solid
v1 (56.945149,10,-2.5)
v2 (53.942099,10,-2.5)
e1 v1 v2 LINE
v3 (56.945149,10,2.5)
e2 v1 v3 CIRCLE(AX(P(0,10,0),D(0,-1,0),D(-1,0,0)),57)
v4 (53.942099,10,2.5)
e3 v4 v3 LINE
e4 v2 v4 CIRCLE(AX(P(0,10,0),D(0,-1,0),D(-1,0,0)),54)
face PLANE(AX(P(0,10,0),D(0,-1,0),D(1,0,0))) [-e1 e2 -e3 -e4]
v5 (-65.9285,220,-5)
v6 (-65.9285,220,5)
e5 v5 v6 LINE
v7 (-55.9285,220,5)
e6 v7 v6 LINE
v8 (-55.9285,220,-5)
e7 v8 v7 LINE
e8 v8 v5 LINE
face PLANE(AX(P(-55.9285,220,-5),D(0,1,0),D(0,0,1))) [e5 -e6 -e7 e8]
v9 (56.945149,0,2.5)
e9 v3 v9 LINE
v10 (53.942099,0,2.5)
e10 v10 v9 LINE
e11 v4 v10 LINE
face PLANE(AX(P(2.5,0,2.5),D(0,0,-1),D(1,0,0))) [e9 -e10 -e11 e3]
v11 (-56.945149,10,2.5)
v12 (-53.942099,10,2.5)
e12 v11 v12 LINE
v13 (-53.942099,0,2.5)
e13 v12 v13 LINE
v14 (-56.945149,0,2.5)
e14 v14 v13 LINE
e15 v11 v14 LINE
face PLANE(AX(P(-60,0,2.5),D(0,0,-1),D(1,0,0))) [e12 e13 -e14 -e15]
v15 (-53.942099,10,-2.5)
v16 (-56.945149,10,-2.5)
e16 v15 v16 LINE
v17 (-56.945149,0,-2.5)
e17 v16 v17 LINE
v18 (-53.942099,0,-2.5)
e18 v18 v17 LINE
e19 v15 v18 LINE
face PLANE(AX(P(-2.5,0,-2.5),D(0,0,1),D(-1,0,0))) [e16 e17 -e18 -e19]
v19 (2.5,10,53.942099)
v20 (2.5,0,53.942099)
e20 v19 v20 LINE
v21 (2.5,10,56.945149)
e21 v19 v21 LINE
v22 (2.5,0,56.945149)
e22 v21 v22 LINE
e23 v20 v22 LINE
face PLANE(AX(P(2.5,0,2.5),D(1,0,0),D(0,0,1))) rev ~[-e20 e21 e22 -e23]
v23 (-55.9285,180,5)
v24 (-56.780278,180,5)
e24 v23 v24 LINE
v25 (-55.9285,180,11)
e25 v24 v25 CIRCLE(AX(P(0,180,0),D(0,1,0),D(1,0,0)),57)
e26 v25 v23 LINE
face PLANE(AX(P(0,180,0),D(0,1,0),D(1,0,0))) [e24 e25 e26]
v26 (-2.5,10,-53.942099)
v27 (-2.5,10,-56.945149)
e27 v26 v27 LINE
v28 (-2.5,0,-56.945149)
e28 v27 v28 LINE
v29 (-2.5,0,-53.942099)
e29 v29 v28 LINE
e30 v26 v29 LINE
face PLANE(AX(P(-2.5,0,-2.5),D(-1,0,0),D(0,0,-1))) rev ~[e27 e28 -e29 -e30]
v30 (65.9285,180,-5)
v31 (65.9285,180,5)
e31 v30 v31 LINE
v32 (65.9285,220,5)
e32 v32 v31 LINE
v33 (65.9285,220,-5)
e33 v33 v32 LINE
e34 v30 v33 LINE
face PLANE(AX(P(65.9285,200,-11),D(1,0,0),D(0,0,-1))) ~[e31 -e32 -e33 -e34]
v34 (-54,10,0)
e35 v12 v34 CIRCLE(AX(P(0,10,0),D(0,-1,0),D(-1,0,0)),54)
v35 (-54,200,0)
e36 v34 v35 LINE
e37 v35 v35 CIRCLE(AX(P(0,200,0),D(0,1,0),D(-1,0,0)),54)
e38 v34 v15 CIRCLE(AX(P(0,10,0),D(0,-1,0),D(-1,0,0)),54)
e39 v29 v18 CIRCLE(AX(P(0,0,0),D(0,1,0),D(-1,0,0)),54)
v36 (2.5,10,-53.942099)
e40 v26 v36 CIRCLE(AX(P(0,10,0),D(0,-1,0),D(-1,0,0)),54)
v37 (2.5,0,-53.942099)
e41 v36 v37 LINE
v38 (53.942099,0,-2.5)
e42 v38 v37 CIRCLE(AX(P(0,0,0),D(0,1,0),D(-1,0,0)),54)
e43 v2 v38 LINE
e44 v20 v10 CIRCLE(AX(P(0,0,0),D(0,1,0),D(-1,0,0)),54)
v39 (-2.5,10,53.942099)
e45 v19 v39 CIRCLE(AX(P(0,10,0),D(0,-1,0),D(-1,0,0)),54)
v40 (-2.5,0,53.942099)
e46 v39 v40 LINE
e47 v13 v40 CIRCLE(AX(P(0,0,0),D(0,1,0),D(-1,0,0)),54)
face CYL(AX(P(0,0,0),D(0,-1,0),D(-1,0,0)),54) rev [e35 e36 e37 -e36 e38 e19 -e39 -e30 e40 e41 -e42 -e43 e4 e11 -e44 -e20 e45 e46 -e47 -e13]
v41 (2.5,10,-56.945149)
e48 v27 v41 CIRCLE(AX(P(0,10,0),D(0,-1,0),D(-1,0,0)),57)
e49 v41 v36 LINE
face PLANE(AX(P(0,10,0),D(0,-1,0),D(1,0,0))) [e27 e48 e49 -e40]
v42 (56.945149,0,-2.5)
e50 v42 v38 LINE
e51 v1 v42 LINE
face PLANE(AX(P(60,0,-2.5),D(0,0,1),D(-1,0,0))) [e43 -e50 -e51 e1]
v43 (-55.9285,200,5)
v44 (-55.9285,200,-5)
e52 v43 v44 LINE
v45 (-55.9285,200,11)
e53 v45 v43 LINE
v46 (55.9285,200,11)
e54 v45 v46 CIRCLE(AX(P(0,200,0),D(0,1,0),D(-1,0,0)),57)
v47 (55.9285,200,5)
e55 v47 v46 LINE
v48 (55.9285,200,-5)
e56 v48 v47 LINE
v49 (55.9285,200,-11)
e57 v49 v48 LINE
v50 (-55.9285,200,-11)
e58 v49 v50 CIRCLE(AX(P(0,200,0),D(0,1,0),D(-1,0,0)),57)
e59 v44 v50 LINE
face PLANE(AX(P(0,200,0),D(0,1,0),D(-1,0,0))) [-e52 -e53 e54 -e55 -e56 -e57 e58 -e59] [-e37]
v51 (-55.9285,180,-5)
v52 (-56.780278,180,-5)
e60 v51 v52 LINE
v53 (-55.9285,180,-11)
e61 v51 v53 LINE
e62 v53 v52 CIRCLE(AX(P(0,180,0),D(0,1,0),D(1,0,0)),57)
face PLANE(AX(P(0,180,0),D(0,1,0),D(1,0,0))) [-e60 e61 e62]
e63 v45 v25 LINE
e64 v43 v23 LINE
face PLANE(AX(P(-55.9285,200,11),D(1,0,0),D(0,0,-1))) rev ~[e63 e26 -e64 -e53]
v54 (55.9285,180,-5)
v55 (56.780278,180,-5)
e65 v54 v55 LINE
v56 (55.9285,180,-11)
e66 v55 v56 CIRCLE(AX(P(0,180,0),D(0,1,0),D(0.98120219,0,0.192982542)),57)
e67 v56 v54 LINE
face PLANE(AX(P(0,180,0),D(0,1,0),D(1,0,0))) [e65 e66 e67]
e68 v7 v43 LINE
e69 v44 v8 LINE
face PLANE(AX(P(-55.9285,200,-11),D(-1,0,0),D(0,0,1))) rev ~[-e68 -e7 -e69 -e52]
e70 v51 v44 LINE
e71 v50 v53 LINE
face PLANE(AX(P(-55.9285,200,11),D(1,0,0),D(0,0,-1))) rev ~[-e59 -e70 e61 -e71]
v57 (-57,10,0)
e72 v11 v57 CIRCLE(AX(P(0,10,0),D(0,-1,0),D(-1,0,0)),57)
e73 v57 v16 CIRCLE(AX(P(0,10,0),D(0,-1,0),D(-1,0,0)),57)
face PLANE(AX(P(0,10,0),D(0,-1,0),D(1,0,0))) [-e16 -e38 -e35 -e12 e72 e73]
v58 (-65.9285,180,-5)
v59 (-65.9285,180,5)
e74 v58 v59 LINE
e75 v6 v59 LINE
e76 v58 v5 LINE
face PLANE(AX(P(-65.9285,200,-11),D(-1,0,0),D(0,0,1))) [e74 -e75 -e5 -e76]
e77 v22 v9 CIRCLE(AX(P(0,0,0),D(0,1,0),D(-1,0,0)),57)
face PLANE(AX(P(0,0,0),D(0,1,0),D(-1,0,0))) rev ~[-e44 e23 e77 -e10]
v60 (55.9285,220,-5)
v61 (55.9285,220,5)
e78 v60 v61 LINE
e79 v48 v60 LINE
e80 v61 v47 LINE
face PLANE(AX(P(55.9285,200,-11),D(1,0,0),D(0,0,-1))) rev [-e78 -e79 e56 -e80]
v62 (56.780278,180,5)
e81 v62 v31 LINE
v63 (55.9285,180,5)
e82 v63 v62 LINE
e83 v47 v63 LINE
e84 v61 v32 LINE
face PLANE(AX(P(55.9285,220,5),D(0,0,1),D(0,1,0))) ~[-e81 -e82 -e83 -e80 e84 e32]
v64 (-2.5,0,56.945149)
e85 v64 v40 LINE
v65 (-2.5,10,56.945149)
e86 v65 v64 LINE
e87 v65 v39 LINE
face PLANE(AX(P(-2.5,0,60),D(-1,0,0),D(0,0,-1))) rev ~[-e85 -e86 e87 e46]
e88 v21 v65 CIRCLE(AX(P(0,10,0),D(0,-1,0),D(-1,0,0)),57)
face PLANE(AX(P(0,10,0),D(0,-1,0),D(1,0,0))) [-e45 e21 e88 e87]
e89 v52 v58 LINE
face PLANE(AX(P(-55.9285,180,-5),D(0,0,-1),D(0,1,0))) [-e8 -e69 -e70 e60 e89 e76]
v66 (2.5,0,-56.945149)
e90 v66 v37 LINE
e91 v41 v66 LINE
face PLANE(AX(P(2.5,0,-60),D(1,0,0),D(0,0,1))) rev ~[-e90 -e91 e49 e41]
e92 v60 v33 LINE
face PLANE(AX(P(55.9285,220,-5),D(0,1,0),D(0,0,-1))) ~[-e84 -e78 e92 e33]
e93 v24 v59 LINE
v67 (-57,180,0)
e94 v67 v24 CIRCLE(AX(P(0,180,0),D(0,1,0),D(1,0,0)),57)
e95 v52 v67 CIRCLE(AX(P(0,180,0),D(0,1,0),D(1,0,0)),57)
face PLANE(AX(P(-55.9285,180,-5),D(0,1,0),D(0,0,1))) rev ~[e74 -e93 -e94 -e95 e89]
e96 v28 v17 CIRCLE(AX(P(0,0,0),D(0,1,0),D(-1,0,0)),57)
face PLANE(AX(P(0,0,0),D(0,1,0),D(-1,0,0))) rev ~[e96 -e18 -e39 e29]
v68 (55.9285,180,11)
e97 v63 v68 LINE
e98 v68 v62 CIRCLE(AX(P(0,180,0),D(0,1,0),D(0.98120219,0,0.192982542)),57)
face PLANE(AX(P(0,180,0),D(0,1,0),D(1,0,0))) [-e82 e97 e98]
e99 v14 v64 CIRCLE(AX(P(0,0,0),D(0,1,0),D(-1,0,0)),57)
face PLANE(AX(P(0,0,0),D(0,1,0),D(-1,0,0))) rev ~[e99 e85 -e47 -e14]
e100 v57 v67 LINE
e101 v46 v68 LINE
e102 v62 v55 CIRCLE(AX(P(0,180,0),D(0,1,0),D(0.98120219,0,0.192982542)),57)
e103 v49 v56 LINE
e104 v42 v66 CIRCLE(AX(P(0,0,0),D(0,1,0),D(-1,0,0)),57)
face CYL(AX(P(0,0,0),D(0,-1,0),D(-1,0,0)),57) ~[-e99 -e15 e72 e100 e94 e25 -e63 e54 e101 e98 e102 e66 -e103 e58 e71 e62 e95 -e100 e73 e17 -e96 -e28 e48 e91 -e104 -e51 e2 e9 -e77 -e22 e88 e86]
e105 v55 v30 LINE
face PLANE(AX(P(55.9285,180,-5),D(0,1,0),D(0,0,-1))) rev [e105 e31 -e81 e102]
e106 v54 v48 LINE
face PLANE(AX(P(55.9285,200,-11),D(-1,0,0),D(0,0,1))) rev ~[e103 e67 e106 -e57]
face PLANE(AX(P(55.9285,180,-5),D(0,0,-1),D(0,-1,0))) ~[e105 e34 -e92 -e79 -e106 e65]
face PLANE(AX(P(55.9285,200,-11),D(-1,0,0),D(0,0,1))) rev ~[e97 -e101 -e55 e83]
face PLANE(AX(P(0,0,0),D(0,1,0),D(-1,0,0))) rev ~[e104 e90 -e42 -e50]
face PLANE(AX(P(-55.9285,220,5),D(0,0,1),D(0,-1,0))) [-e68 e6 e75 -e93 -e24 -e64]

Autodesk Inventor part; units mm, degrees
ref_plane "YZ Plane" through (0, 0, 0) normal (1, 0, 0) x (0, 1, 0)
ref_plane "XZ Plane" through (0, 0, 0) normal (0, 1, 0) x (-1, 0, 0)
ref_plane "XY Plane" through (0, 0, 0) normal (0, 0, 1) x (1, 0, 0)
sketch "Sketch1" plane through (0, 0, 0) normal (0, 1, 0) x (-1, 0, 0)
  circle A0 centre (0, 0) radius 54
  circle A1 centre (0, 0) radius 57
  dimension "d0" = 3
  dimension "d1" = 114
extrude "Extrusion1" add sketch "Sketch1" along normal blind 200
sketch "Sketch2" plane through (0, 200, 0) normal (0, 1, 0) x (1, 0, 0)
  circle A0 centre (0, 0) radius 57 projected
  line L0 (55.9285, -11) -> (-55.9285, -11)
  line L1 (-55.9285, -11) -> (-55.9285, 11)
  line L2 (-55.9285, 11) -> (55.9285, 11)
  line L3 (55.9285, 11) -> (55.9285, -11)
  line L4 (55.9285, -11) -> (-55.9285, 11) construction
  line L5 (-55.9285, -11) -> (55.9285, 11) construction
  dimension "d4" = 22
extrude "Extrusion2" cut sketch "Sketch2" against normal blind 20 contours A0 L3 | L1 A0
sketch "Sketch3" plane through (-55.9285, 200, -11) normal (-1, 0, 0) x (0, 0, 1)
  line L0 (0, -20) -> (22, -20) projected
  line L1 (16, -20) -> (6, -20)
  line L2 (6, -20) -> (6, 20)
  line L3 (6, 20) -> (16, 20)
  line L4 (16, 20) -> (16, -20)
  line L5 (0, -20) -> (0, 0) projected
  point P0 (11, -200)
  point P1 (6, 0)
  point P2 (6, -20)
  dimension "d7" = 40
  dimension "d8" = 10
  dimension "d9" = 6
extrude "Extrusion3" add sketch "Sketch3" along normal blind 10
mirror "Mirror1" about plane through (0, 0, 0) normal (1, 0, 0) of "Extrusion3"
sketch "Sketch4" plane through (0, 0, 0) normal (0, -1, 0) x (1, 0, 0)
  line L0 (-2.5, -60) -> (2.5, -60)
  line L1 (2.5, -60) -> (2.5, 60)
  line L2 (2.5, 60) -> (-2.5, 60)
  line L3 (-2.5, 60) -> (-2.5, -60)
  line L4 (-2.5, -60) -> (2.5, 60) construction
  line L5 (2.5, -60) -> (-2.5, 60) construction
  line L6 (60, -2.5) -> (-60, -2.5)
  line L7 (-60, -2.5) -> (-60, 2.5)
  line L8 (-60, 2.5) -> (60, 2.5)
  line L9 (60, 2.5) -> (60, -2.5)
  line L10 (60, -2.5) -> (-60, 2.5) construction
  line L11 (-60, -2.5) -> (60, 2.5) construction
  point P0 (0, 0)
  point P1 (-2.5, -2.5)
  point P2 (2.5, -2.5)
  point P3 (2.5, 2.5)
  point P4 (-2.5, 2.5)
  dimension "d12" = 5
  dimension "d13" = 5
  dimension "d14" = 120
  dimension "d15" = 120
extrude "Extrusion4" cut sketch "Sketch4" against normal blind 10
equation "\"d13\" = d12"
equation "\"d15\" = d14"
properties part number "Cooking Pipe"
